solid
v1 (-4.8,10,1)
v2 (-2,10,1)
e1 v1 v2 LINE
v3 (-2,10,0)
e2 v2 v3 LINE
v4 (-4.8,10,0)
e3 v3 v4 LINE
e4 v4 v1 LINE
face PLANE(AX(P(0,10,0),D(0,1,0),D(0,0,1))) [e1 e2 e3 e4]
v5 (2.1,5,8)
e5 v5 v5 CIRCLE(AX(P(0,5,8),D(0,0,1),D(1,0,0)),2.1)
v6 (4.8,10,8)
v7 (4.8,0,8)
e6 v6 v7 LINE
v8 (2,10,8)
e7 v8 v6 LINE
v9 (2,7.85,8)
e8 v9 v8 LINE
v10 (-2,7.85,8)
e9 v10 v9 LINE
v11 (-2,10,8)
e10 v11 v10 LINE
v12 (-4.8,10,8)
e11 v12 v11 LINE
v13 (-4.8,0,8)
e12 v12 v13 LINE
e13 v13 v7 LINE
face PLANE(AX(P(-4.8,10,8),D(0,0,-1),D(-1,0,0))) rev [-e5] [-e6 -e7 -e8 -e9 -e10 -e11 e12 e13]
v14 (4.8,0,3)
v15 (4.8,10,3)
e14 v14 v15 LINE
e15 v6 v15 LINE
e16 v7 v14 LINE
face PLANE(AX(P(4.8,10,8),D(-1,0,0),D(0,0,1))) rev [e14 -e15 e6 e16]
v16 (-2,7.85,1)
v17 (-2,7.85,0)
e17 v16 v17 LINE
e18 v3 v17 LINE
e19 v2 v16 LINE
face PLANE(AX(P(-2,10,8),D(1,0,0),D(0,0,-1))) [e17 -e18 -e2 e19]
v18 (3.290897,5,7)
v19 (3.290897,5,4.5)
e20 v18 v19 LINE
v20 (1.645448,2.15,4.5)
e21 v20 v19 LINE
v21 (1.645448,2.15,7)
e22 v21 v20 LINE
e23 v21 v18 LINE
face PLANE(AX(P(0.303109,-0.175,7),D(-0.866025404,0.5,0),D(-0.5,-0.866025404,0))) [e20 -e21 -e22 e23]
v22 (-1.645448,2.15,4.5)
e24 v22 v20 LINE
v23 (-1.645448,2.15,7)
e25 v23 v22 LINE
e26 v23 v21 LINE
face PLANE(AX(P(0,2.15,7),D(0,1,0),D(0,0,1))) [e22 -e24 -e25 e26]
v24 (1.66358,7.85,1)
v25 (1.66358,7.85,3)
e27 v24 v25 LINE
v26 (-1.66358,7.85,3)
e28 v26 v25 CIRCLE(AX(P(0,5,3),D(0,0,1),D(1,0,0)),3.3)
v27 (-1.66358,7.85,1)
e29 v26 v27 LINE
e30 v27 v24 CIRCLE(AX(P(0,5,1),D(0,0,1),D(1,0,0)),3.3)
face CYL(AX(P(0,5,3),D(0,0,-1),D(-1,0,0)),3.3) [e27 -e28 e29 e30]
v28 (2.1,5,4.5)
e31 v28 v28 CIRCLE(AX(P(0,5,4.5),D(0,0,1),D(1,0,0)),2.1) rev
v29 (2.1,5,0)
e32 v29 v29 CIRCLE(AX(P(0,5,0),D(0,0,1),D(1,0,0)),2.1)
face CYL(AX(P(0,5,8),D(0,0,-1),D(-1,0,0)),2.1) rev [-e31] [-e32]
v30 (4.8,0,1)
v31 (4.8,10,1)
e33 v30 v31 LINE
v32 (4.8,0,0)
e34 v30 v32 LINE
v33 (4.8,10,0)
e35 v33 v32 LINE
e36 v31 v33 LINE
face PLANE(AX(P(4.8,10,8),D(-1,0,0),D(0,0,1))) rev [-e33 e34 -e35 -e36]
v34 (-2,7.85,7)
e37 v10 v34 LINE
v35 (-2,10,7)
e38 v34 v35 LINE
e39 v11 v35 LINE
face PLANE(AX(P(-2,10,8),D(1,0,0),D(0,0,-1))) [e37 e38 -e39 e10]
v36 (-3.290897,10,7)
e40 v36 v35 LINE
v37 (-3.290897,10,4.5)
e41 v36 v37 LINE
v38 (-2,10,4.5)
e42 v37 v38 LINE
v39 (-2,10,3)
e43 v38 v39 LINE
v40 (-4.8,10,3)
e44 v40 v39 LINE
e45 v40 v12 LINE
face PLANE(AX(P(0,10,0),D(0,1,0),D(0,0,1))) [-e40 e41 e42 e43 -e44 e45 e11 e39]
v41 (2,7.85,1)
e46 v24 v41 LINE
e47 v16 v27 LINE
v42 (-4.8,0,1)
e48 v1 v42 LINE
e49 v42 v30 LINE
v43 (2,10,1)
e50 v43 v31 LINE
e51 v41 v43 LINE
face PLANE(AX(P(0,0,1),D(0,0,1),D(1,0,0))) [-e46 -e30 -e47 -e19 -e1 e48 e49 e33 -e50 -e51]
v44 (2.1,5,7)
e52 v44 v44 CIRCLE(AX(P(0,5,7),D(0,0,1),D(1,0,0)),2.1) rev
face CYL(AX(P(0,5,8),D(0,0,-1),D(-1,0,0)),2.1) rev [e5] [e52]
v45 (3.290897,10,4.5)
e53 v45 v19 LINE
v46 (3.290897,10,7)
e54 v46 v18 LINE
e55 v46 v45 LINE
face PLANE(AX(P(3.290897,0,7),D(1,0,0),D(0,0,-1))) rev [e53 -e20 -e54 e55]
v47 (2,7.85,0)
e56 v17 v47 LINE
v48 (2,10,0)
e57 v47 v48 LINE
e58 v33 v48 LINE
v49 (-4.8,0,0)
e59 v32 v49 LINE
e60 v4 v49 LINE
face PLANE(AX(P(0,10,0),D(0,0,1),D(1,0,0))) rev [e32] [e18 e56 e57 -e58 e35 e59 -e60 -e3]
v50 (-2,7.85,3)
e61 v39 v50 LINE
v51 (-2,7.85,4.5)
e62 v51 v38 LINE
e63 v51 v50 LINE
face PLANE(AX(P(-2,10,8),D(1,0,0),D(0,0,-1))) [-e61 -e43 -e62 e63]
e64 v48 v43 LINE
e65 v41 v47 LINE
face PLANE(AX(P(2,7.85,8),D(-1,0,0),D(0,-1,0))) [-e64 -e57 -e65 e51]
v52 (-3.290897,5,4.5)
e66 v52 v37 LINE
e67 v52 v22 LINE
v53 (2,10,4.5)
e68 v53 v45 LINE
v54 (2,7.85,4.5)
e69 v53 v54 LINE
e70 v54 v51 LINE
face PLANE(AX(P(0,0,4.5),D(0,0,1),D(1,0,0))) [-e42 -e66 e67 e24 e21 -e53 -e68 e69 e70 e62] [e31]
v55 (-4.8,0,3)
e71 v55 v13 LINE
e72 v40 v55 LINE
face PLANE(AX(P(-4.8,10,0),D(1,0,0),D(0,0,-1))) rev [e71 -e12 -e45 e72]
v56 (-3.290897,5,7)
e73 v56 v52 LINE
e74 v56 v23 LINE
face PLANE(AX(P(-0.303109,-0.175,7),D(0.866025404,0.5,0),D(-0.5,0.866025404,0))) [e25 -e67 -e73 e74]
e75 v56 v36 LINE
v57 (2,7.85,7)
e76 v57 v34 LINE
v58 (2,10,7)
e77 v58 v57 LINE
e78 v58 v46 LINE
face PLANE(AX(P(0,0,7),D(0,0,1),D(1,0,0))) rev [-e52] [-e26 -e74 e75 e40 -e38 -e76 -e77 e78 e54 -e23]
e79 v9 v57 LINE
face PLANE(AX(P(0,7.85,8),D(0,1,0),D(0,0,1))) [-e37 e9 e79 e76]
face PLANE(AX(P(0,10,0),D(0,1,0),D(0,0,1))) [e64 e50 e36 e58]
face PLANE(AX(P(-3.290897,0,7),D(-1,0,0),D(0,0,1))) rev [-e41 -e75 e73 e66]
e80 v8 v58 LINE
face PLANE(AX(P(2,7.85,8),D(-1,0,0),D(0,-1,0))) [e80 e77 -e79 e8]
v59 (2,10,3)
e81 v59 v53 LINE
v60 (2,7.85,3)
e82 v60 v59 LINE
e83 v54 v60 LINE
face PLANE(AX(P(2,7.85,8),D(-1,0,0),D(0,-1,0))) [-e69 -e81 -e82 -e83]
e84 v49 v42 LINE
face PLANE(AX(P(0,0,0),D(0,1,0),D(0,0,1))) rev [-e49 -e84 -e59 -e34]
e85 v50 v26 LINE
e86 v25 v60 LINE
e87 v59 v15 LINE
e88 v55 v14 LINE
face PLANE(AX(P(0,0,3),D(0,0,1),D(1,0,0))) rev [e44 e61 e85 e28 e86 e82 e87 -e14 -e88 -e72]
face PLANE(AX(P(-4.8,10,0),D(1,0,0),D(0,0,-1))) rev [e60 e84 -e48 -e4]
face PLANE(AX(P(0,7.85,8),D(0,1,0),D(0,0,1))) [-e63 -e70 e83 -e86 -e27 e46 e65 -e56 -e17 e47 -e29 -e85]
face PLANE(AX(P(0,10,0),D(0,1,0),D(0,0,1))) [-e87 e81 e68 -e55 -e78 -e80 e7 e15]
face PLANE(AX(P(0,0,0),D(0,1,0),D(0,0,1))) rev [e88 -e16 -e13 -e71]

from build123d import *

# Parameters (mm, degrees)
BOSS_EXTRUDE1_DEPTH = 10
CUT_EXTRUDE1_START  = 4.5
CUT_EXTRUDE1_DEPTH  = 2.5
SKETCH3_R           = 2.1
CUT_EXTRUDE2_DEPTH  = 9
CUT_EXTRUDE7_START  = 1
SKETCH4_W           = 11.6
SKETCH4_H           = 12
SKETCH4_R           = 3.3
CUT_EXTRUDE7_DEPTH  = 2


with BuildPart() as part:
    # Sketch1 → Boss-Extrude1 (new body)
    with BuildSketch(Plane(origin=(0, 0, 0), x_dir=(1, 0, 0), z_dir=(0, 1, 0))):
        Polygon((4.8, 0), (0, 0), (-4.8, 0), (-4.8, -8), (4.8, -8), align=None)
    extrude(amount=BOSS_EXTRUDE1_DEPTH)

    # Sketch2 → Cut-Extrude1 (cut)
    with BuildSketch(Plane.XY.offset(CUT_EXTRUDE1_START)):
        Polygon((3.290896534, 10), (3.290896534, 5), (1.645448267, 7.85), (-1.645448267, 7.85), (-3.290896534, 5), (-3.290896534, 10), align=None)
        Polygon((-1.645448267, 2.15), (1.645448267, 2.15), (3.290896534, 5), (1.645448267, 7.85), (-1.645448267, 7.85), (-3.290896534, 5), align=None)
    extrude(amount=CUT_EXTRUDE1_DEPTH, mode=Mode.SUBTRACT)

    # Sketch3 → Cut-Extrude2 (cut, through all)
    with BuildSketch(Plane.XY):
        with Locations((0, 5)):
            Circle(SKETCH3_R)
        Polygon((0, 7.85), (2, 7.85), (2, 10), (-2, 10), (-2, 7.85), align=None)
    extrude(amount=CUT_EXTRUDE2_DEPTH, mode=Mode.SUBTRACT)

    # Sketch4 → Cut-Extrude7 (cut)
    with BuildSketch(Plane.XY.offset(CUT_EXTRUDE7_START)):
        with Locations((0, 5)):
            Rectangle(SKETCH4_W, SKETCH4_H)
        with Locations((0, 5)):
            Circle(SKETCH4_R, mode=Mode.SUBTRACT)
    extrude(amount=CUT_EXTRUDE7_DEPTH, mode=Mode.SUBTRACT)


solid = part.part
